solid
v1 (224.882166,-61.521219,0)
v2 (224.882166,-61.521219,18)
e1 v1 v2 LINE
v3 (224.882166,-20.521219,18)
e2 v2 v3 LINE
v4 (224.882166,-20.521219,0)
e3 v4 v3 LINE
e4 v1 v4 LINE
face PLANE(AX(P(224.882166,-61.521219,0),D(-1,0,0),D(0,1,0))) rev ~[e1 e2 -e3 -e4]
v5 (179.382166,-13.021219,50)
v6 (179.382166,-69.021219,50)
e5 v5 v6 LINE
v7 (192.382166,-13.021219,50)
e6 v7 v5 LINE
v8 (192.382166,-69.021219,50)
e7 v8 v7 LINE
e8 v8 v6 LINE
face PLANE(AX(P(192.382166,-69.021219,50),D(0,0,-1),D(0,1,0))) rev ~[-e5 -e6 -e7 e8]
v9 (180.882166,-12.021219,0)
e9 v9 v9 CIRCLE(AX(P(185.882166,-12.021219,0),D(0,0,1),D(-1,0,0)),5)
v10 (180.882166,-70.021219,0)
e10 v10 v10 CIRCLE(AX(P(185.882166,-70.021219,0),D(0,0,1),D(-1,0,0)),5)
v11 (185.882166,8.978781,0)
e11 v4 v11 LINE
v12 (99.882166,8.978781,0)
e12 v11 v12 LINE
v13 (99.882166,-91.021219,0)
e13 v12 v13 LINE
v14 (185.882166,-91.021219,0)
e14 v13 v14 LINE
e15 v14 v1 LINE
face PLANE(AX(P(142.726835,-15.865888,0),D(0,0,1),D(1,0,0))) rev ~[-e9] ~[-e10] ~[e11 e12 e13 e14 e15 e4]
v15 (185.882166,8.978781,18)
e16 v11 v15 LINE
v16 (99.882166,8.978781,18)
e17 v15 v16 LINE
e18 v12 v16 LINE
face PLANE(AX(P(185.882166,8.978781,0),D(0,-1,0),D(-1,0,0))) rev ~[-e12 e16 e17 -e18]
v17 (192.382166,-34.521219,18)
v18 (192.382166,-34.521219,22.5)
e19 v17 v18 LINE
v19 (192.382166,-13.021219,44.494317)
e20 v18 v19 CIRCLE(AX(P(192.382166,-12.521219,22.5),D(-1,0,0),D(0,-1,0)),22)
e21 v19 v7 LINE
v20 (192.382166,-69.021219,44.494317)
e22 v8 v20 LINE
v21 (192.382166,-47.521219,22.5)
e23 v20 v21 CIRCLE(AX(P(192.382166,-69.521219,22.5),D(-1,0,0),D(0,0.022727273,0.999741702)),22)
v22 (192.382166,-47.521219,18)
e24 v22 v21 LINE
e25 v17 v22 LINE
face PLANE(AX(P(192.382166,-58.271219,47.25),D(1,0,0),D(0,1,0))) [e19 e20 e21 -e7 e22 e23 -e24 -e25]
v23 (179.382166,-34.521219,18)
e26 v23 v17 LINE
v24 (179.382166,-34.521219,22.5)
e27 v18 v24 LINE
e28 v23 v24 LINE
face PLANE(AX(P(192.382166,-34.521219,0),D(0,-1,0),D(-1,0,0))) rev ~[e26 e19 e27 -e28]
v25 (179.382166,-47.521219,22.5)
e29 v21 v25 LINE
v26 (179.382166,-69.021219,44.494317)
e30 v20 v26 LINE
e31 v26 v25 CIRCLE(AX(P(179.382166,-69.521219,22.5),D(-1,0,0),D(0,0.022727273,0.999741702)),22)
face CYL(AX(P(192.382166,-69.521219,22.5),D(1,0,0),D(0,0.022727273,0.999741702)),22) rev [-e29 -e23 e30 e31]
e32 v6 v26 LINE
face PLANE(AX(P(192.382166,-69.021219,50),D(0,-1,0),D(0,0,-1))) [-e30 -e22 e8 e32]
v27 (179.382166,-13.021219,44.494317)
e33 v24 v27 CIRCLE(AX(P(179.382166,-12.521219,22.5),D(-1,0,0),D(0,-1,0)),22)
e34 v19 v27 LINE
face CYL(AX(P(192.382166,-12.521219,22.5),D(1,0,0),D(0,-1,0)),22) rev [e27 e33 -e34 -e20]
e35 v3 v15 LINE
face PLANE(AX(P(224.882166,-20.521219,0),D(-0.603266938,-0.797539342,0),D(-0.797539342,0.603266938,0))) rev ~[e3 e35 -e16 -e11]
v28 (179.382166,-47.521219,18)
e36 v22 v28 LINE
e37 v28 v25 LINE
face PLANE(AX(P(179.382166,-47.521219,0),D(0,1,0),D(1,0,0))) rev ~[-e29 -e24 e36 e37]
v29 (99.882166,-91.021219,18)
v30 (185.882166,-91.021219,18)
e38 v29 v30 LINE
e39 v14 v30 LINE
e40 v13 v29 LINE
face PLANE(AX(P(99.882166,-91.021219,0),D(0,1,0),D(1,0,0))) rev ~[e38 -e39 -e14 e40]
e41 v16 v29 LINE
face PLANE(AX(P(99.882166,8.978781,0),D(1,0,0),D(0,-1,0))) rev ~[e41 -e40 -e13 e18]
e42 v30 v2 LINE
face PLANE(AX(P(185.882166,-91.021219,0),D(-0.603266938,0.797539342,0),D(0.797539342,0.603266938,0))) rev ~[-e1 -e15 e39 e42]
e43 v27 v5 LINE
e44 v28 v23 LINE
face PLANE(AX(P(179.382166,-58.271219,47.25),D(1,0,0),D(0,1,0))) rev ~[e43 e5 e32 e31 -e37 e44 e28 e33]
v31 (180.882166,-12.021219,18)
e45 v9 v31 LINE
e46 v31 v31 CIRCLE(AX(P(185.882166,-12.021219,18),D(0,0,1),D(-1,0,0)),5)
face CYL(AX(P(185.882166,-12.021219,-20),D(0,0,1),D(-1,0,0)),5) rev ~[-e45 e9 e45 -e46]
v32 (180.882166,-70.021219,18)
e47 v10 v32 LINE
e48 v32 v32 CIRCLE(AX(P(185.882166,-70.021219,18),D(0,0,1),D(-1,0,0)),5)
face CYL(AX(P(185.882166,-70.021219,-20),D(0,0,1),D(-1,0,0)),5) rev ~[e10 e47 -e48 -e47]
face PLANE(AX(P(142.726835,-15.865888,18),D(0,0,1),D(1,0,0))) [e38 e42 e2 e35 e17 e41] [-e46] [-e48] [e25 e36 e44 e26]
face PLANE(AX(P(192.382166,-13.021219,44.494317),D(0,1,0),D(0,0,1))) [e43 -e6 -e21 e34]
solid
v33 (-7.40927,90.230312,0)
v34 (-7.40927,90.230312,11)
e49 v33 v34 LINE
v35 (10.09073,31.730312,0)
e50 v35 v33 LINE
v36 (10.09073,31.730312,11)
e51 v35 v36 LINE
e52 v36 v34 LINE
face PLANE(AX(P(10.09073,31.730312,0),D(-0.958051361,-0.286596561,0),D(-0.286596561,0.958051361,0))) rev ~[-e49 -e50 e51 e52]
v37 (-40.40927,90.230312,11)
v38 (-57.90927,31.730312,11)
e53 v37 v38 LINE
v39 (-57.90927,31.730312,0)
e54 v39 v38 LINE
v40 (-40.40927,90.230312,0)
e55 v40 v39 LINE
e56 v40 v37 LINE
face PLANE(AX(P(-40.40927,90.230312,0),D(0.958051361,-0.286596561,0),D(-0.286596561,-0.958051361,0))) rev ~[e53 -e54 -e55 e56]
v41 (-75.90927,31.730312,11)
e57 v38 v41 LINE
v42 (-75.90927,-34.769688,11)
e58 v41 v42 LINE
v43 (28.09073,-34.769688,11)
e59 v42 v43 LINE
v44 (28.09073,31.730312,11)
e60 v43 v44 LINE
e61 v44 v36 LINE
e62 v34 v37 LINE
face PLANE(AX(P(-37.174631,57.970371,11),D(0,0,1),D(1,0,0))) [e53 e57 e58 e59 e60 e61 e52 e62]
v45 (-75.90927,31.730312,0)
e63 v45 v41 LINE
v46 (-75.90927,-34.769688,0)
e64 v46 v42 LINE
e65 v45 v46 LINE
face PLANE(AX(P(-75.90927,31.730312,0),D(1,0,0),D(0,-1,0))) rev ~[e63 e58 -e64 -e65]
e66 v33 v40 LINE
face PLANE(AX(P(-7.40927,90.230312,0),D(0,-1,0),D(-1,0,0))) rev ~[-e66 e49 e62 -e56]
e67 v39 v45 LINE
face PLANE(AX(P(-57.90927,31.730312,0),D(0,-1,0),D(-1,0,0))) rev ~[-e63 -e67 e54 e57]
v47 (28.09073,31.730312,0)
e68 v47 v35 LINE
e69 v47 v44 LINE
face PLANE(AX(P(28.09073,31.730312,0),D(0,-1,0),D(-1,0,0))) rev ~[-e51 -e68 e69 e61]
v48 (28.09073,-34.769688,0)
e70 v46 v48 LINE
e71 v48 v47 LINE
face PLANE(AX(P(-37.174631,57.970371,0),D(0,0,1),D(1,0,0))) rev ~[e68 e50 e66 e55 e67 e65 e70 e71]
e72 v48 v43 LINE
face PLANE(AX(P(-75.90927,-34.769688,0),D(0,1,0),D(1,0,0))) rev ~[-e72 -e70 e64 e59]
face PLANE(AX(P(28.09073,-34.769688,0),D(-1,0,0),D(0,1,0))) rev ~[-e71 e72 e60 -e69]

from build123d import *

# Parameters (mm, degrees)
F1_DEPTH = 11
F3_DEPTH = 18
F2_W     = 6.5
F2_H     = 6.5
F4_DEPTH = 50
F5_W     = 21.5
F5_H     = 5.5
F6_DEPTH = 13
F7_D     = 10
F7_DEPTH = 20
F7_TIP   = 3.0043030951


with BuildPart() as f1:
    # F0 (on Top) → F1 (new body)
    with BuildSketch(Plane.XY):
        Polygon((-40.4092696905, 90.2303121984), (-57.9092696905, 31.7303121984), (-23.9092696905, 31.7303121984), (-23.9092696905, 90.2303121984), align=None)
        Polygon((-23.9092696905, 90.2303121984), (-23.9092696905, 31.7303121984), (10.0907303095, 31.7303121984), (-7.4092696905, 90.2303121984), align=None)
        Polygon((10.0907303095, 31.7303121984), (-23.9092696905, 31.7303121984), (-23.9092696905, -34.7696878016), (28.0907303095, -34.7696878016), (28.0907303095, 31.7303121984), align=None)
        Polygon((-57.9092696905, 31.7303121984), (-75.9092696905, 31.7303121984), (-75.9092696905, -34.7696878016), (-23.9092696905, -34.7696878016), (-23.9092696905, 31.7303121984), align=None)
    extrude(amount=F1_DEPTH)


with BuildPart() as f3:
    # F2 (on Top) → F3 (new body)
    with BuildSketch(Plane.XY):
        Polygon((185.882166028, 8.9787812233), (99.882166028, 8.9787812233), (99.882166028, -41.0212187767), (179.382166028, -41.0212187767), (179.382166028, -34.5212187767), (185.882166028, -34.5212187767), (185.882166028, -12.0212187767), align=None)
        Polygon((179.382166028, -41.0212187767), (99.882166028, -41.0212187767), (99.882166028, -91.0212187767), (185.882166028, -91.0212187767), (185.882166028, -70.0212187767), (185.882166028, -47.5212187767), (179.382166028, -47.5212187767), align=None)
        Polygon((224.882166028, -61.5212187767), (224.882166028, -41.0212187767), (192.382166028, -41.0212187767), (192.382166028, -47.5212187767), (185.882166028, -47.5212187767), (185.882166028, -70.0212187767), (185.882166028, -91.0212187767), align=None)
        Polygon((224.882166028, -20.5212187767), (185.882166028, 8.9787812233), (185.882166028, -12.0212187767), (185.882166028, -34.5212187767), (192.382166028, -34.5212187767), (192.382166028, -41.0212187767), (224.882166028, -41.0212187767), align=None)
    extrude(amount=F3_DEPTH)

    # F2 (on Top) → F4 (join)
    with BuildSketch(Plane.XY):
        with Locations((189.132166028, -37.7712187767)):
            Rectangle(F2_W, F2_H)
        with Locations((182.632166028, -37.7712187767)):
            Rectangle(F2_W, F2_H)
        with Locations((182.632166028, -44.2712187767)):
            Rectangle(F2_W, F2_H)
        with Locations((189.132166028, -44.2712187767)):
            Rectangle(F2_W, F2_H)
    extrude(amount=F4_DEPTH)

    # F5 (on face) → F6 (join)
    with BuildSketch(Plane.YZ.offset(192.382166028)):
        with Locations((-58.2712187767, 47.25)):
            Rectangle(F5_W, F5_H)
        with Locations((-23.7712187767, 47.25)):
            Rectangle(F5_W, F5_H)
        with BuildLine():
            Line((-47.5212187767, 22.5), (-47.5212187767, 44.5))
            Line((-47.5212187767, 44.5), (-69.0212187767, 44.5))
            Line((-69.0212187767, 44.5), (-69.0212187767, 44.4943174479))
            ThreePointArc((-69.0212187767, 44.4943174479), (-53.7890860542, 37.8785564992), (-47.5212187767, 22.5))
        make_face()
        with BuildLine():
            Line((-13.0212187767, 44.5), (-34.5212187767, 44.5))
            Line((-34.5212187767, 44.5), (-34.5212187767, 22.5))
            ThreePointArc((-34.5212187767, 22.5), (-28.2533514993, 37.8785564992), (-13.0212187767, 44.4943174479))
            Line((-13.0212187767, 44.4943174479), (-13.0212187767, 44.5))
        make_face()
    extrude(amount=-F6_DEPTH)

    # F7
    with Locations(Plane(origin=(0, 0, 0), x_dir=(1, 0, 0), z_dir=(0, 0, -1))):
        with Locations((185.882166028, 70.0212187767), (185.882166028, 12.0212187767)):
            Hole(F7_D / 2, depth=F7_DEPTH)
            with Locations((0, 0, -(F7_DEPTH + F7_TIP / 2))):  # 118° drill point
                Cone(0, F7_D / 2, F7_TIP, mode=Mode.SUBTRACT)


solid = Compound([f1.part, f3.part])
